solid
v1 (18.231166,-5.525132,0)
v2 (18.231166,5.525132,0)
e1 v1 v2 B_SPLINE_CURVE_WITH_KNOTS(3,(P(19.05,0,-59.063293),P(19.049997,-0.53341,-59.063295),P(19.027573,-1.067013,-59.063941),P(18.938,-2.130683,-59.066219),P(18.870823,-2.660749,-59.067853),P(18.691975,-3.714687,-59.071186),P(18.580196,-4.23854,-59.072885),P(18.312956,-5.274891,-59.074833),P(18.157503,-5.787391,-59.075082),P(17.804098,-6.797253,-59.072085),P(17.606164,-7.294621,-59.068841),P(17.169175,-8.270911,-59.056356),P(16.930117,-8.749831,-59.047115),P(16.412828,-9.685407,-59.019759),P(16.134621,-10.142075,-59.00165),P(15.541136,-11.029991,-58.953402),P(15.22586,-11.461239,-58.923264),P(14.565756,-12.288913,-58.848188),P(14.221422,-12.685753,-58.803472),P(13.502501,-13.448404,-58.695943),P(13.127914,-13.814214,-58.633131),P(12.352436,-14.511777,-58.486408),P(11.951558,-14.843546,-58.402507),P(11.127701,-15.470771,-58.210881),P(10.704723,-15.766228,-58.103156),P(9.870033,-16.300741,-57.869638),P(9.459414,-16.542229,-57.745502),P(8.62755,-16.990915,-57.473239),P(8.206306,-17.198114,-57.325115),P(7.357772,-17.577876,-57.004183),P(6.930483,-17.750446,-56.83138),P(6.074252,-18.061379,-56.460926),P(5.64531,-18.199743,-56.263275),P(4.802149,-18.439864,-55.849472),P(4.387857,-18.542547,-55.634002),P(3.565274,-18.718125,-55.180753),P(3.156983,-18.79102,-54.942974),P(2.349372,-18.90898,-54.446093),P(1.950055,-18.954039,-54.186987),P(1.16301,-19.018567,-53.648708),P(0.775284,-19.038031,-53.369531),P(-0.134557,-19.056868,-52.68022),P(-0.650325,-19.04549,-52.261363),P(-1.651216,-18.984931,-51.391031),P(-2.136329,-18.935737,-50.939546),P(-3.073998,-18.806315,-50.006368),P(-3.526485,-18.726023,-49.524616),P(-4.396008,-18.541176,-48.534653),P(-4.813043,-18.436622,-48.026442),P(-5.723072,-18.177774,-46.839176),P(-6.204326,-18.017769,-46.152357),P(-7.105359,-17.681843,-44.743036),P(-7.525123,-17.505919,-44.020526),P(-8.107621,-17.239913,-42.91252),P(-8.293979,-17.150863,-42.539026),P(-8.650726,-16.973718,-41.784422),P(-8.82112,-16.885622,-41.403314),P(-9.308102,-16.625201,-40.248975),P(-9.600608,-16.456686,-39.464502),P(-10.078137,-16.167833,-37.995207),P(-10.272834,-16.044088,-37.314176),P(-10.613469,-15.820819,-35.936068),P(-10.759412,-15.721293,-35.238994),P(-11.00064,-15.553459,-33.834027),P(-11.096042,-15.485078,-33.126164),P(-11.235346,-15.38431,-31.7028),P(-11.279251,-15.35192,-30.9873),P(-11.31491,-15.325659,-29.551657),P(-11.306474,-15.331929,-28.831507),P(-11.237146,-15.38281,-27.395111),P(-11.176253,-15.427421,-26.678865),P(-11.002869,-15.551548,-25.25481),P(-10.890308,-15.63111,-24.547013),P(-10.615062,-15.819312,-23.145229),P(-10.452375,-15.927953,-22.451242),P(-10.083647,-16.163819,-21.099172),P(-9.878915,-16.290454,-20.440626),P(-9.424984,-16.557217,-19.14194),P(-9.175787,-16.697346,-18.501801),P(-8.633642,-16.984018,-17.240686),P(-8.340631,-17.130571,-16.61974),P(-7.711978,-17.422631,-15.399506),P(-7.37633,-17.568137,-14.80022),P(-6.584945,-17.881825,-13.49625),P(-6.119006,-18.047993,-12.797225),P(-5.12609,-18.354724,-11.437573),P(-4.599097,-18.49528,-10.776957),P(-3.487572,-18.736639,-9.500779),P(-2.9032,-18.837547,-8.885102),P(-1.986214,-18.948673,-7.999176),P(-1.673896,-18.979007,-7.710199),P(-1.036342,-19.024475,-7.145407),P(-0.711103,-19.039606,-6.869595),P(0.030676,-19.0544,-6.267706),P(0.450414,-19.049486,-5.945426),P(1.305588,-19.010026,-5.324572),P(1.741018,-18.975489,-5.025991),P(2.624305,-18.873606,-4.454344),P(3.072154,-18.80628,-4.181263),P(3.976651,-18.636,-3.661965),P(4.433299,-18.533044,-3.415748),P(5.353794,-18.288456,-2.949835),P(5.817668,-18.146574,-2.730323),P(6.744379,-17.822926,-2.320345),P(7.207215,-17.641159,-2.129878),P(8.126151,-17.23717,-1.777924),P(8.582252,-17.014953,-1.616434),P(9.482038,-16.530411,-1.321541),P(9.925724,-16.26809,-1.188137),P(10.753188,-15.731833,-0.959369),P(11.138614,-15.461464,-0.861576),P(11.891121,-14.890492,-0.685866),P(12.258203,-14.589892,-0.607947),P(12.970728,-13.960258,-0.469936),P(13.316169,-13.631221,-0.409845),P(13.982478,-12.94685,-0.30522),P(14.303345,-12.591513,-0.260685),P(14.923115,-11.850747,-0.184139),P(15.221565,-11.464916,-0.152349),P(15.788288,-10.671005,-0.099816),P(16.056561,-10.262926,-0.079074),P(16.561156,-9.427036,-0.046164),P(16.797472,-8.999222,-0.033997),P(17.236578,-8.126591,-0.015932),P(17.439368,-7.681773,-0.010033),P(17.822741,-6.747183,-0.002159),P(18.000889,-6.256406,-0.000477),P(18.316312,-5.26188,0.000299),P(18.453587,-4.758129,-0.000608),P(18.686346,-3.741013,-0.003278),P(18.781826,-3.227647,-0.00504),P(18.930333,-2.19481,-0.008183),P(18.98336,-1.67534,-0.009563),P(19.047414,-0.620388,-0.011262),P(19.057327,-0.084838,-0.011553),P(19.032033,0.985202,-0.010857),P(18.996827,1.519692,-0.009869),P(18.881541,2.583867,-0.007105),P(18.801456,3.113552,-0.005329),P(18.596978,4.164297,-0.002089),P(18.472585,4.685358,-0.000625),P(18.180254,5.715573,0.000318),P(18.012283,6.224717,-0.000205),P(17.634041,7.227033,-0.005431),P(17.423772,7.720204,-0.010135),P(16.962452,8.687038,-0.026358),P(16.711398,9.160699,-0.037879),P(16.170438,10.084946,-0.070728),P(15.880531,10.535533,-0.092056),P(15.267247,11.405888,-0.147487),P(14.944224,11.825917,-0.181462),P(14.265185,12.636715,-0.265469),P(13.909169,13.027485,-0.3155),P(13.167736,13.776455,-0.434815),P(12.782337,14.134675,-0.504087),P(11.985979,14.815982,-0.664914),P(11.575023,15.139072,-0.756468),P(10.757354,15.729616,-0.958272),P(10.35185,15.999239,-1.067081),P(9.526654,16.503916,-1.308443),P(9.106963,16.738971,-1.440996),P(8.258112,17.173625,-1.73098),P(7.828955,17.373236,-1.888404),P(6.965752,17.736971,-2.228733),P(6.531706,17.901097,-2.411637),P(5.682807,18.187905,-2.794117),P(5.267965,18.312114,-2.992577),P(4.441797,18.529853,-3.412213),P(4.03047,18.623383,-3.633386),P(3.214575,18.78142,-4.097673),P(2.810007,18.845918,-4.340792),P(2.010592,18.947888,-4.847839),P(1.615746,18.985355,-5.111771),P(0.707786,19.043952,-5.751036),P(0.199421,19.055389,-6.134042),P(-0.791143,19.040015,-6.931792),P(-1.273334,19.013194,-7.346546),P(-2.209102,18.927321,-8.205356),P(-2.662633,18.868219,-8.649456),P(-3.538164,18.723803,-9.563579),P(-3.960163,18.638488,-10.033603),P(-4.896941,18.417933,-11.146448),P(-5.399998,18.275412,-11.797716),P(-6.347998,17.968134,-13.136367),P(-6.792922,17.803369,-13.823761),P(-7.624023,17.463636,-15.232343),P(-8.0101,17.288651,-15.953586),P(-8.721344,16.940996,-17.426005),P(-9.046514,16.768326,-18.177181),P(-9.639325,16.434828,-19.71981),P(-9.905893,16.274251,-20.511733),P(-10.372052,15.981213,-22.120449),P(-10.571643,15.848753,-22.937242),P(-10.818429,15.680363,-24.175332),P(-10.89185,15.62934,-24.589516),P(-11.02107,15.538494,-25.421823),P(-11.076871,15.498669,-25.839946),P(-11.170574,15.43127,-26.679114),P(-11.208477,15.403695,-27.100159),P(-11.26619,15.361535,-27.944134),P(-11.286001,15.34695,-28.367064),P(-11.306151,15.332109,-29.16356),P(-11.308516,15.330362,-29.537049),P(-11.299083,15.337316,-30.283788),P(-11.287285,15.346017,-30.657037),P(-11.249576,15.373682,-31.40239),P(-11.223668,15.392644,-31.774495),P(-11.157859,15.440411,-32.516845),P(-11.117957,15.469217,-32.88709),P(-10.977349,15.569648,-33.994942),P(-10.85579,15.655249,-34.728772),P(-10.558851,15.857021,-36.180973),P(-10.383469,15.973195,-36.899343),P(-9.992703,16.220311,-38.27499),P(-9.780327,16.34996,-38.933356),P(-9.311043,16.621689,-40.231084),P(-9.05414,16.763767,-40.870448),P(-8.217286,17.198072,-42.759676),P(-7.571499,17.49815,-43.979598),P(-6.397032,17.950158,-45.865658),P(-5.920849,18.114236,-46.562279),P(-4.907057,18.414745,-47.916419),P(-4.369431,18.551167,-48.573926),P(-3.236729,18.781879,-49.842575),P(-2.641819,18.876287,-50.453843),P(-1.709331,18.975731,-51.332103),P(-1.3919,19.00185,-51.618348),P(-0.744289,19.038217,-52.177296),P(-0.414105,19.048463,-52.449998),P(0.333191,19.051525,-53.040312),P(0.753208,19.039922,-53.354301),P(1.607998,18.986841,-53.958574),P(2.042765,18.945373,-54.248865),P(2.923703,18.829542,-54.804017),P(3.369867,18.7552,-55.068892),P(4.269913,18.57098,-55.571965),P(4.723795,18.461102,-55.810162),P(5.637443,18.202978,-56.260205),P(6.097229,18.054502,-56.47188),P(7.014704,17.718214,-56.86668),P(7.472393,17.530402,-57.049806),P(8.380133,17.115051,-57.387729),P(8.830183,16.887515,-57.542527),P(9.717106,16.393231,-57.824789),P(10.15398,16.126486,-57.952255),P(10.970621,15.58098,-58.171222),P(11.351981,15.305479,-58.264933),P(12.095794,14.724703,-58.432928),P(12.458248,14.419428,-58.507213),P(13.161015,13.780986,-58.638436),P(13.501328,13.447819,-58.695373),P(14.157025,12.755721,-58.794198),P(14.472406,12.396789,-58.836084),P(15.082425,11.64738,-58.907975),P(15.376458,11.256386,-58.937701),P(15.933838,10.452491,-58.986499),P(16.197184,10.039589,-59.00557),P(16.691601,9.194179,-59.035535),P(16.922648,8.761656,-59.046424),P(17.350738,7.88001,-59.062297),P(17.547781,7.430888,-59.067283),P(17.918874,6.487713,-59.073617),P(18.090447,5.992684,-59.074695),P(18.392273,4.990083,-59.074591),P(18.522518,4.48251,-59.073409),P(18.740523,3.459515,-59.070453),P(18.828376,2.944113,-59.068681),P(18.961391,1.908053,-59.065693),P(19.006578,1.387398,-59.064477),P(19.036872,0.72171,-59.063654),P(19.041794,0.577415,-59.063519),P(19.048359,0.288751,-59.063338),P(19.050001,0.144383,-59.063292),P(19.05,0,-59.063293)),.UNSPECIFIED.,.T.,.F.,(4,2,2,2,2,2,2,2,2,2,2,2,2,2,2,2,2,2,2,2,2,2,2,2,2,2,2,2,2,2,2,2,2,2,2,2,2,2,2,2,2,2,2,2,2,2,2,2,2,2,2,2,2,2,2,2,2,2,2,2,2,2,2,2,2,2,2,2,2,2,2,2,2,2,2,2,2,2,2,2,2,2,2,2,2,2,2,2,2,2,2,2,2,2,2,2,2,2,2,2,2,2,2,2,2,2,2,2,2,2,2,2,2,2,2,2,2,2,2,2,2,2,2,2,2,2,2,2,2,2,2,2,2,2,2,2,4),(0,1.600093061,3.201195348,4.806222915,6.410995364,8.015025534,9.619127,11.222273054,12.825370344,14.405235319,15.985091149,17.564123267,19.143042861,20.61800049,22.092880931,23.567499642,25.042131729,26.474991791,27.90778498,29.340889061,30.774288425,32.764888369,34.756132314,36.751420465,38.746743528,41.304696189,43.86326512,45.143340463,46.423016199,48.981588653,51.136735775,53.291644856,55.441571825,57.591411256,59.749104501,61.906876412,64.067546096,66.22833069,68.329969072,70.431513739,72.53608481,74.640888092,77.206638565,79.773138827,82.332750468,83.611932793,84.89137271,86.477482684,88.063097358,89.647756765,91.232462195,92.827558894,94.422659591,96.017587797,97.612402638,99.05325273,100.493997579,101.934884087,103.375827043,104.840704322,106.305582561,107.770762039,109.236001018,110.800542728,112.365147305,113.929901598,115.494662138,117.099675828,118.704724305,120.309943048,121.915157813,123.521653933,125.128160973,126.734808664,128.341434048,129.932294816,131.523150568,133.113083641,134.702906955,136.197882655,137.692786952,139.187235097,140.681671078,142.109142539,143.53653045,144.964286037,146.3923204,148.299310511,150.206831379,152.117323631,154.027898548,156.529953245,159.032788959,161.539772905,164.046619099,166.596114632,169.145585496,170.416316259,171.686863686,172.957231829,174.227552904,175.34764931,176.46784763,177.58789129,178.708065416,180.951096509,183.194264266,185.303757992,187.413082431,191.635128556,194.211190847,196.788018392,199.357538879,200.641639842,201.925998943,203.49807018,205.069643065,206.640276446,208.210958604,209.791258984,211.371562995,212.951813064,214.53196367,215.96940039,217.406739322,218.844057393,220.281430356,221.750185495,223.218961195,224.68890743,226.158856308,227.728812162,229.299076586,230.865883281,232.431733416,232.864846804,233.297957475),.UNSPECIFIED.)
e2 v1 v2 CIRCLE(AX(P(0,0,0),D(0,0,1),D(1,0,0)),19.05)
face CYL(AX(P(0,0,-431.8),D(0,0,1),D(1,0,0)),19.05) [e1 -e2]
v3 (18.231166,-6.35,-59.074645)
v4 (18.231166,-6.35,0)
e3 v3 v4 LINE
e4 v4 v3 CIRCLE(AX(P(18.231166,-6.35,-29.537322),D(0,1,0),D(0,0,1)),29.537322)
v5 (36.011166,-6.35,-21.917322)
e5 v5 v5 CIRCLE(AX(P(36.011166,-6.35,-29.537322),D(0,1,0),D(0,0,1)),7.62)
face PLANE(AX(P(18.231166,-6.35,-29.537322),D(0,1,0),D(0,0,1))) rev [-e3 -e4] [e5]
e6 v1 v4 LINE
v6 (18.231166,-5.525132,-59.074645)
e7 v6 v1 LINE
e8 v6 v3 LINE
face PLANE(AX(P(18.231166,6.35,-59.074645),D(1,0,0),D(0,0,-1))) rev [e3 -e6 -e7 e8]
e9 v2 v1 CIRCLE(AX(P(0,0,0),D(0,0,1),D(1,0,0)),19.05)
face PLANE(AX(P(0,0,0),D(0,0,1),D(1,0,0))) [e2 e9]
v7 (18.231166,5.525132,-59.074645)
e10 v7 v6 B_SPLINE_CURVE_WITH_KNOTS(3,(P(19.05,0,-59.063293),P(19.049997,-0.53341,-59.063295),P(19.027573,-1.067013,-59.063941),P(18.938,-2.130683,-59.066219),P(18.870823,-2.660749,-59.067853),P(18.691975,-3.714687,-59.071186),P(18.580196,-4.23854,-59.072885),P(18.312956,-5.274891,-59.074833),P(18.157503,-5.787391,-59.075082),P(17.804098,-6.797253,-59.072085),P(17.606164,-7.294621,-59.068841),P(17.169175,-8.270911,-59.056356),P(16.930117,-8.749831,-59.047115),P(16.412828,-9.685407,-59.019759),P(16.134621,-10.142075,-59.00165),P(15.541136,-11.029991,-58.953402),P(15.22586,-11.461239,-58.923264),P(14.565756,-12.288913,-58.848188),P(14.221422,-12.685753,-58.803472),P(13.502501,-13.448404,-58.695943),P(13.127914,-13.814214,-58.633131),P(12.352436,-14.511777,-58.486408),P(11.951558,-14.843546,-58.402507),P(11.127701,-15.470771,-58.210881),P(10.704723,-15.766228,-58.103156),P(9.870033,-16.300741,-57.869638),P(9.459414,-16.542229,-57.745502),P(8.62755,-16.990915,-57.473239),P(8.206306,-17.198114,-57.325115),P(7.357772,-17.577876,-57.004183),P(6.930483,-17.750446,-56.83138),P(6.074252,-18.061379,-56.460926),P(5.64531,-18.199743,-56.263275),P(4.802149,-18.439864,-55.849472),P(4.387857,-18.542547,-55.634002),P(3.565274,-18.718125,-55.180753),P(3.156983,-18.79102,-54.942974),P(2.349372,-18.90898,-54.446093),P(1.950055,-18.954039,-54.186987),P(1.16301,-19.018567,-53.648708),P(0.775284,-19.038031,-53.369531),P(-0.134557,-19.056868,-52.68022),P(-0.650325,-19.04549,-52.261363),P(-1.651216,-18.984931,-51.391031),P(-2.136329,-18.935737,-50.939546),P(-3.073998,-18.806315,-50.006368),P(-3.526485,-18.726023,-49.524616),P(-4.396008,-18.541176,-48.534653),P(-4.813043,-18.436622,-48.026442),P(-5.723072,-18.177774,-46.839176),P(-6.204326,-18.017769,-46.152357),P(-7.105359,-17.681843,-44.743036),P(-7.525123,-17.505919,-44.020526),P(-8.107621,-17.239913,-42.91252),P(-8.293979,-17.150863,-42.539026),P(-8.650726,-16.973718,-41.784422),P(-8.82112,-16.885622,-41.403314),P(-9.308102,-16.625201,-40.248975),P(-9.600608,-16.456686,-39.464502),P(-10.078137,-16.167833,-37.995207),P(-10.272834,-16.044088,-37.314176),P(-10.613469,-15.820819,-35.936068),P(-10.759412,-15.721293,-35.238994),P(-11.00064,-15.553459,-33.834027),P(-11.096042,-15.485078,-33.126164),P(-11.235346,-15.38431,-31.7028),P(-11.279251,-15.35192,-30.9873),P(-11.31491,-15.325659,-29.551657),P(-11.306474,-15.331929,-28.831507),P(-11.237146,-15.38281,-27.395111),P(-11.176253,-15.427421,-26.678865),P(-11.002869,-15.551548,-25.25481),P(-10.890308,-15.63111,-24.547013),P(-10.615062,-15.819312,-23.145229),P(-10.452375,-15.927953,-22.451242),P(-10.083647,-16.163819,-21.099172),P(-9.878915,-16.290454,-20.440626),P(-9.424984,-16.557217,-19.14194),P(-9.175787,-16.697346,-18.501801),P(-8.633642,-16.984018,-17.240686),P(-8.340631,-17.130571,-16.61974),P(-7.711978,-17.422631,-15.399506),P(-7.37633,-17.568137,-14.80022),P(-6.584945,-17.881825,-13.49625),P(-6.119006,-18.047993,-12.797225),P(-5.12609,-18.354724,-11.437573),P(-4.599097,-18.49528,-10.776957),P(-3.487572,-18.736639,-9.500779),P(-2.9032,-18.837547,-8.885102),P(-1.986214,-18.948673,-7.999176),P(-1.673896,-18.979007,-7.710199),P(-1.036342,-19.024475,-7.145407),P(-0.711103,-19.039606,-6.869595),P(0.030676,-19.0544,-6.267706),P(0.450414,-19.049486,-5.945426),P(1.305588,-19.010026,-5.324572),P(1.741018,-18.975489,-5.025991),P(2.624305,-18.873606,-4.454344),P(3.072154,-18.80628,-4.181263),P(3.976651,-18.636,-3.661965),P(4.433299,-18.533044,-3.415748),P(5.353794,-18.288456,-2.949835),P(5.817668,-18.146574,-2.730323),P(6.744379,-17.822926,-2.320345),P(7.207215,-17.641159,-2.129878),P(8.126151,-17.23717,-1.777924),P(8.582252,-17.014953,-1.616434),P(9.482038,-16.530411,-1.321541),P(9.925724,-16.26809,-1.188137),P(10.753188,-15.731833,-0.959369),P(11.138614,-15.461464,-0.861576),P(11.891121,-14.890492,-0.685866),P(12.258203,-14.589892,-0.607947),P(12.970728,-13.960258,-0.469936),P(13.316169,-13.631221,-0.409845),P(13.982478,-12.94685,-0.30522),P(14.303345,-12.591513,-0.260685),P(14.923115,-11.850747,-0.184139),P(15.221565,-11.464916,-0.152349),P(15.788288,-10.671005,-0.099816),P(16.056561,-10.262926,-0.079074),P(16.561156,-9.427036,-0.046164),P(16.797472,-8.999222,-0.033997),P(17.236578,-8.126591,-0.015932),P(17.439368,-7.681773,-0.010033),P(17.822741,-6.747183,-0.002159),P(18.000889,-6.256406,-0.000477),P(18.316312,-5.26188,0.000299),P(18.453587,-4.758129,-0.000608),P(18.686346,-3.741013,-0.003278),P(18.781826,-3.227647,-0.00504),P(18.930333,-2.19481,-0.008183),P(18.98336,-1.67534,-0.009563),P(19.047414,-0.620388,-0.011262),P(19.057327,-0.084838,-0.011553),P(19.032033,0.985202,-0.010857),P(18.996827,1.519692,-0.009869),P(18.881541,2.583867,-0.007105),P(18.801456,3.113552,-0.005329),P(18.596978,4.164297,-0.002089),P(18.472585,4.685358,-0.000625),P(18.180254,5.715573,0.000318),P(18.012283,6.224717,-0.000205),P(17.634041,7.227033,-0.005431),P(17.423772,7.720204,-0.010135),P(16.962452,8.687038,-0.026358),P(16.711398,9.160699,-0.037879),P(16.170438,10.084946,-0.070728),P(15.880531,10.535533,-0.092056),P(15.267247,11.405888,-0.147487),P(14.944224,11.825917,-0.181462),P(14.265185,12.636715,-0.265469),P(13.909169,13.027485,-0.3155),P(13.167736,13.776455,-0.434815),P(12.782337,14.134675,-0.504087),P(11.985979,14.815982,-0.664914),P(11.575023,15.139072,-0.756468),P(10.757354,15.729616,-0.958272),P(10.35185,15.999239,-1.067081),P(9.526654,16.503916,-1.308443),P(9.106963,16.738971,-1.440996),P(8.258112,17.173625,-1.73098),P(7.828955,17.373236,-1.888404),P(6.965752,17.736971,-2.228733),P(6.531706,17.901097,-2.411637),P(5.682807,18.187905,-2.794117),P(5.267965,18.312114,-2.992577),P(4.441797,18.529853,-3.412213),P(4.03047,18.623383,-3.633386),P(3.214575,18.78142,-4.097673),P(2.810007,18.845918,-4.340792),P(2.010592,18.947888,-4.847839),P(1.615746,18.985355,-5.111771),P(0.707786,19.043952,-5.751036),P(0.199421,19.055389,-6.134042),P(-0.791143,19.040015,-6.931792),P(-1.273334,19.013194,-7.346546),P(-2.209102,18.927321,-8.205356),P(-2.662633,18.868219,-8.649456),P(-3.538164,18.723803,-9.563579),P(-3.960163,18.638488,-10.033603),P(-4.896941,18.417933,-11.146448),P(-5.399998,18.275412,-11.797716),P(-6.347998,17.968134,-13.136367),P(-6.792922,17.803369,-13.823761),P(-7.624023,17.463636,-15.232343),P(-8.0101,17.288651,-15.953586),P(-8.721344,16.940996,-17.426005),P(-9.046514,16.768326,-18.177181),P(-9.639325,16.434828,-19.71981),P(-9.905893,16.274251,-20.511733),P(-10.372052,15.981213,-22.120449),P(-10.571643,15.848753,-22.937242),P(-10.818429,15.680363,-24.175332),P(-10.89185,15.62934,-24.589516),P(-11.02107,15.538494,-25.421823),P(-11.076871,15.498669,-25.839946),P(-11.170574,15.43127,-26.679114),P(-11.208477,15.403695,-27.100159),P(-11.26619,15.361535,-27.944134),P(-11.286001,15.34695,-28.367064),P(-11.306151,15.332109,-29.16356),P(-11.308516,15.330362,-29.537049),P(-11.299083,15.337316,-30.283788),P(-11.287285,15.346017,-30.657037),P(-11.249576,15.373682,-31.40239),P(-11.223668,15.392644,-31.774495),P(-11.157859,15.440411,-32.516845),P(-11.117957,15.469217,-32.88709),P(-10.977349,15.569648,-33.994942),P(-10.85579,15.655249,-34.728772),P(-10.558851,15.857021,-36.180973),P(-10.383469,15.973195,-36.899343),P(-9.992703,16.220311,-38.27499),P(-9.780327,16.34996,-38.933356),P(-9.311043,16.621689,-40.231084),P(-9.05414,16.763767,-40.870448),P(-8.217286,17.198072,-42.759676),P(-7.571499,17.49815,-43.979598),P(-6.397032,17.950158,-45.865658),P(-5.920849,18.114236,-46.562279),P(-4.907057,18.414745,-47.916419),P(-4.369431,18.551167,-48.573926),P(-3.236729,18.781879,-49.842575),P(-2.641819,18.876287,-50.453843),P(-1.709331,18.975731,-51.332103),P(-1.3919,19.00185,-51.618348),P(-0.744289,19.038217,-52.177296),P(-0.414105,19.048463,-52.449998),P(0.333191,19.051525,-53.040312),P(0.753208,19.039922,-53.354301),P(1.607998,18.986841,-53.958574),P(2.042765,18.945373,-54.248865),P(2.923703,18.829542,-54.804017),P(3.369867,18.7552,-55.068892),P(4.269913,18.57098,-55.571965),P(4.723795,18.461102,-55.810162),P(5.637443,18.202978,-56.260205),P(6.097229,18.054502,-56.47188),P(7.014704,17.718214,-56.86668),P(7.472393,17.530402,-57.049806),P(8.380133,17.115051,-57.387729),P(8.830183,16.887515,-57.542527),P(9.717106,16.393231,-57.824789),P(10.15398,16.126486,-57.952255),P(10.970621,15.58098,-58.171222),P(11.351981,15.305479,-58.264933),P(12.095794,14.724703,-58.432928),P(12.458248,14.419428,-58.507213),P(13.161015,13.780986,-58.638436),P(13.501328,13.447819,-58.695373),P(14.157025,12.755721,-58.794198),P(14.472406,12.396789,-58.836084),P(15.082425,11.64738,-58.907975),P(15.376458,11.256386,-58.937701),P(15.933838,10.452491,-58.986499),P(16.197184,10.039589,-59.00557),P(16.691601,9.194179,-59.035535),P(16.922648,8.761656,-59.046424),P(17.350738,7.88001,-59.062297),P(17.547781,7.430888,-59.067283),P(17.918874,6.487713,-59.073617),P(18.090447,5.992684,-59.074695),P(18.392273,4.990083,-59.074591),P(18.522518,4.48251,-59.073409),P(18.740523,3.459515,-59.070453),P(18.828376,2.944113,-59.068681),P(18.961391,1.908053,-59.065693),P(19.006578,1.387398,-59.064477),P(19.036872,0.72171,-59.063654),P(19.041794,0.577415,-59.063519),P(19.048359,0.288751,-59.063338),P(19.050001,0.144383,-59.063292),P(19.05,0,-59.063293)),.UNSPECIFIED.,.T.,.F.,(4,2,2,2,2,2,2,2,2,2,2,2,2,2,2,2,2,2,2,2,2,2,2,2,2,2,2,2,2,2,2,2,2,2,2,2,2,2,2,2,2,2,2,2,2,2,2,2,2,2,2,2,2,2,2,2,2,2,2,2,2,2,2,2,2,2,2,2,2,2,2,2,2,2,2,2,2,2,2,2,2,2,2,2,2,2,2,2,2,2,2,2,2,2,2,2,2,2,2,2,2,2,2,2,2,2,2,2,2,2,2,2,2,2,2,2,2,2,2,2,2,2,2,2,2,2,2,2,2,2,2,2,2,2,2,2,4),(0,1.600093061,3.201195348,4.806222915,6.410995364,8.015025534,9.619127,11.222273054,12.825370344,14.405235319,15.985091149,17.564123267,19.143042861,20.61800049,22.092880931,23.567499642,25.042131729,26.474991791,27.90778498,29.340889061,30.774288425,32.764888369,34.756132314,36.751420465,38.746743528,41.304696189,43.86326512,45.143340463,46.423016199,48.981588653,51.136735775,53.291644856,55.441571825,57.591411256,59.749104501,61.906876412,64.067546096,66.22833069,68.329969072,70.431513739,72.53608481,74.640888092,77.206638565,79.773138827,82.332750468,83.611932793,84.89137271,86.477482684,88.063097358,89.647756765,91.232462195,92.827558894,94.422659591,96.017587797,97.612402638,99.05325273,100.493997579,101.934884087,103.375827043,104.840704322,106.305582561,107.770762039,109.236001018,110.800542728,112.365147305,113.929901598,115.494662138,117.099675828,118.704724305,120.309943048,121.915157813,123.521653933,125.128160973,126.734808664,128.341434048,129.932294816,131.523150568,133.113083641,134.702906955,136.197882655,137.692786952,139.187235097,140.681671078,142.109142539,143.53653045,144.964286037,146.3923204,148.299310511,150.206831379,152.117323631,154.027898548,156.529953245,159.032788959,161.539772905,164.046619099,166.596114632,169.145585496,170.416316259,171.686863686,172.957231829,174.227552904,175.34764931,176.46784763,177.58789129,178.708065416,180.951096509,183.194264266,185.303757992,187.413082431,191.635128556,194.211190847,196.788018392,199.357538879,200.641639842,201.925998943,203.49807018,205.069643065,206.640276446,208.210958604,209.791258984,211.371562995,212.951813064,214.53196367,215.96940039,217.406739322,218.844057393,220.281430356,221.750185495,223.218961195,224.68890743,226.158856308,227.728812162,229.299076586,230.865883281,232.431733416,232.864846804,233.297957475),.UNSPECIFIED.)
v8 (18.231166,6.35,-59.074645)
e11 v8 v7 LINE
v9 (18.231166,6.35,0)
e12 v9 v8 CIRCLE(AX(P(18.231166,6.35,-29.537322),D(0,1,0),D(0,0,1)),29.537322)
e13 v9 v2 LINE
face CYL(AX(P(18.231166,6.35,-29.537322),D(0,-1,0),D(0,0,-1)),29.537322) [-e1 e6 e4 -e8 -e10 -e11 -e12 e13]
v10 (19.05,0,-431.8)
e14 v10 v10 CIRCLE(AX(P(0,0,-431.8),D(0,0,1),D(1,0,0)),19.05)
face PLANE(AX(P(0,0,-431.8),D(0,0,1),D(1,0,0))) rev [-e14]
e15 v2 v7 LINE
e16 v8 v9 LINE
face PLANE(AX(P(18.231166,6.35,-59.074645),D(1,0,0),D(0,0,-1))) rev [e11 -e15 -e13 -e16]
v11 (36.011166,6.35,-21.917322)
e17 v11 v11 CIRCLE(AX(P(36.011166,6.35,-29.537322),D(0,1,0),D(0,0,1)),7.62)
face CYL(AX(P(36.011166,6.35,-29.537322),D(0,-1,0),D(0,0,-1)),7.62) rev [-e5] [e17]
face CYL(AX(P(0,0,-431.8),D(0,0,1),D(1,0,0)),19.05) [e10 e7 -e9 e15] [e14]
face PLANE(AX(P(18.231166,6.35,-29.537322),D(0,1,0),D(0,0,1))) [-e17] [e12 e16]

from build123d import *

# Parameters (mm, degrees)
SKETCH1_R                = 19.05
BASE_EXTRUDE_DEPTH       = 431.8
BOSS_EXTRUDE1_DEPTH      = 6.35
BOSS_EXTRUDE1_DEPTH_BACK = 6.35
SKETCH4_R                = 7.62


with BuildPart() as part:
    # Sketch1 → Base-Extrude (new body)
    with BuildSketch(Plane.XY):
        Circle(SKETCH1_R)
    extrude(amount=-BASE_EXTRUDE_DEPTH)

    # Sketch4 → Boss-Extrude1 (add, two sides: drawn at the far end of the back side and taken through both)
    with BuildSketch(Plane(origin=(0, 0, 0), x_dir=(-1, 0, 0), z_dir=(0, 1, 0)).offset(-BOSS_EXTRUDE1_DEPTH_BACK)):
        with BuildLine():
            Line((-18.231166151, -59.074644757), (-18.231166151, 0))
            ThreePointArc((-18.231166151, 0), (-47.768488529, -29.537322378), (-18.231166151, -59.074644757))
        make_face()
        with Locations((-36.011166151, -29.537322378)):
            Circle(SKETCH4_R, mode=Mode.SUBTRACT)
    extrude(amount=BOSS_EXTRUDE1_DEPTH + BOSS_EXTRUDE1_DEPTH_BACK)


solid = part.part
